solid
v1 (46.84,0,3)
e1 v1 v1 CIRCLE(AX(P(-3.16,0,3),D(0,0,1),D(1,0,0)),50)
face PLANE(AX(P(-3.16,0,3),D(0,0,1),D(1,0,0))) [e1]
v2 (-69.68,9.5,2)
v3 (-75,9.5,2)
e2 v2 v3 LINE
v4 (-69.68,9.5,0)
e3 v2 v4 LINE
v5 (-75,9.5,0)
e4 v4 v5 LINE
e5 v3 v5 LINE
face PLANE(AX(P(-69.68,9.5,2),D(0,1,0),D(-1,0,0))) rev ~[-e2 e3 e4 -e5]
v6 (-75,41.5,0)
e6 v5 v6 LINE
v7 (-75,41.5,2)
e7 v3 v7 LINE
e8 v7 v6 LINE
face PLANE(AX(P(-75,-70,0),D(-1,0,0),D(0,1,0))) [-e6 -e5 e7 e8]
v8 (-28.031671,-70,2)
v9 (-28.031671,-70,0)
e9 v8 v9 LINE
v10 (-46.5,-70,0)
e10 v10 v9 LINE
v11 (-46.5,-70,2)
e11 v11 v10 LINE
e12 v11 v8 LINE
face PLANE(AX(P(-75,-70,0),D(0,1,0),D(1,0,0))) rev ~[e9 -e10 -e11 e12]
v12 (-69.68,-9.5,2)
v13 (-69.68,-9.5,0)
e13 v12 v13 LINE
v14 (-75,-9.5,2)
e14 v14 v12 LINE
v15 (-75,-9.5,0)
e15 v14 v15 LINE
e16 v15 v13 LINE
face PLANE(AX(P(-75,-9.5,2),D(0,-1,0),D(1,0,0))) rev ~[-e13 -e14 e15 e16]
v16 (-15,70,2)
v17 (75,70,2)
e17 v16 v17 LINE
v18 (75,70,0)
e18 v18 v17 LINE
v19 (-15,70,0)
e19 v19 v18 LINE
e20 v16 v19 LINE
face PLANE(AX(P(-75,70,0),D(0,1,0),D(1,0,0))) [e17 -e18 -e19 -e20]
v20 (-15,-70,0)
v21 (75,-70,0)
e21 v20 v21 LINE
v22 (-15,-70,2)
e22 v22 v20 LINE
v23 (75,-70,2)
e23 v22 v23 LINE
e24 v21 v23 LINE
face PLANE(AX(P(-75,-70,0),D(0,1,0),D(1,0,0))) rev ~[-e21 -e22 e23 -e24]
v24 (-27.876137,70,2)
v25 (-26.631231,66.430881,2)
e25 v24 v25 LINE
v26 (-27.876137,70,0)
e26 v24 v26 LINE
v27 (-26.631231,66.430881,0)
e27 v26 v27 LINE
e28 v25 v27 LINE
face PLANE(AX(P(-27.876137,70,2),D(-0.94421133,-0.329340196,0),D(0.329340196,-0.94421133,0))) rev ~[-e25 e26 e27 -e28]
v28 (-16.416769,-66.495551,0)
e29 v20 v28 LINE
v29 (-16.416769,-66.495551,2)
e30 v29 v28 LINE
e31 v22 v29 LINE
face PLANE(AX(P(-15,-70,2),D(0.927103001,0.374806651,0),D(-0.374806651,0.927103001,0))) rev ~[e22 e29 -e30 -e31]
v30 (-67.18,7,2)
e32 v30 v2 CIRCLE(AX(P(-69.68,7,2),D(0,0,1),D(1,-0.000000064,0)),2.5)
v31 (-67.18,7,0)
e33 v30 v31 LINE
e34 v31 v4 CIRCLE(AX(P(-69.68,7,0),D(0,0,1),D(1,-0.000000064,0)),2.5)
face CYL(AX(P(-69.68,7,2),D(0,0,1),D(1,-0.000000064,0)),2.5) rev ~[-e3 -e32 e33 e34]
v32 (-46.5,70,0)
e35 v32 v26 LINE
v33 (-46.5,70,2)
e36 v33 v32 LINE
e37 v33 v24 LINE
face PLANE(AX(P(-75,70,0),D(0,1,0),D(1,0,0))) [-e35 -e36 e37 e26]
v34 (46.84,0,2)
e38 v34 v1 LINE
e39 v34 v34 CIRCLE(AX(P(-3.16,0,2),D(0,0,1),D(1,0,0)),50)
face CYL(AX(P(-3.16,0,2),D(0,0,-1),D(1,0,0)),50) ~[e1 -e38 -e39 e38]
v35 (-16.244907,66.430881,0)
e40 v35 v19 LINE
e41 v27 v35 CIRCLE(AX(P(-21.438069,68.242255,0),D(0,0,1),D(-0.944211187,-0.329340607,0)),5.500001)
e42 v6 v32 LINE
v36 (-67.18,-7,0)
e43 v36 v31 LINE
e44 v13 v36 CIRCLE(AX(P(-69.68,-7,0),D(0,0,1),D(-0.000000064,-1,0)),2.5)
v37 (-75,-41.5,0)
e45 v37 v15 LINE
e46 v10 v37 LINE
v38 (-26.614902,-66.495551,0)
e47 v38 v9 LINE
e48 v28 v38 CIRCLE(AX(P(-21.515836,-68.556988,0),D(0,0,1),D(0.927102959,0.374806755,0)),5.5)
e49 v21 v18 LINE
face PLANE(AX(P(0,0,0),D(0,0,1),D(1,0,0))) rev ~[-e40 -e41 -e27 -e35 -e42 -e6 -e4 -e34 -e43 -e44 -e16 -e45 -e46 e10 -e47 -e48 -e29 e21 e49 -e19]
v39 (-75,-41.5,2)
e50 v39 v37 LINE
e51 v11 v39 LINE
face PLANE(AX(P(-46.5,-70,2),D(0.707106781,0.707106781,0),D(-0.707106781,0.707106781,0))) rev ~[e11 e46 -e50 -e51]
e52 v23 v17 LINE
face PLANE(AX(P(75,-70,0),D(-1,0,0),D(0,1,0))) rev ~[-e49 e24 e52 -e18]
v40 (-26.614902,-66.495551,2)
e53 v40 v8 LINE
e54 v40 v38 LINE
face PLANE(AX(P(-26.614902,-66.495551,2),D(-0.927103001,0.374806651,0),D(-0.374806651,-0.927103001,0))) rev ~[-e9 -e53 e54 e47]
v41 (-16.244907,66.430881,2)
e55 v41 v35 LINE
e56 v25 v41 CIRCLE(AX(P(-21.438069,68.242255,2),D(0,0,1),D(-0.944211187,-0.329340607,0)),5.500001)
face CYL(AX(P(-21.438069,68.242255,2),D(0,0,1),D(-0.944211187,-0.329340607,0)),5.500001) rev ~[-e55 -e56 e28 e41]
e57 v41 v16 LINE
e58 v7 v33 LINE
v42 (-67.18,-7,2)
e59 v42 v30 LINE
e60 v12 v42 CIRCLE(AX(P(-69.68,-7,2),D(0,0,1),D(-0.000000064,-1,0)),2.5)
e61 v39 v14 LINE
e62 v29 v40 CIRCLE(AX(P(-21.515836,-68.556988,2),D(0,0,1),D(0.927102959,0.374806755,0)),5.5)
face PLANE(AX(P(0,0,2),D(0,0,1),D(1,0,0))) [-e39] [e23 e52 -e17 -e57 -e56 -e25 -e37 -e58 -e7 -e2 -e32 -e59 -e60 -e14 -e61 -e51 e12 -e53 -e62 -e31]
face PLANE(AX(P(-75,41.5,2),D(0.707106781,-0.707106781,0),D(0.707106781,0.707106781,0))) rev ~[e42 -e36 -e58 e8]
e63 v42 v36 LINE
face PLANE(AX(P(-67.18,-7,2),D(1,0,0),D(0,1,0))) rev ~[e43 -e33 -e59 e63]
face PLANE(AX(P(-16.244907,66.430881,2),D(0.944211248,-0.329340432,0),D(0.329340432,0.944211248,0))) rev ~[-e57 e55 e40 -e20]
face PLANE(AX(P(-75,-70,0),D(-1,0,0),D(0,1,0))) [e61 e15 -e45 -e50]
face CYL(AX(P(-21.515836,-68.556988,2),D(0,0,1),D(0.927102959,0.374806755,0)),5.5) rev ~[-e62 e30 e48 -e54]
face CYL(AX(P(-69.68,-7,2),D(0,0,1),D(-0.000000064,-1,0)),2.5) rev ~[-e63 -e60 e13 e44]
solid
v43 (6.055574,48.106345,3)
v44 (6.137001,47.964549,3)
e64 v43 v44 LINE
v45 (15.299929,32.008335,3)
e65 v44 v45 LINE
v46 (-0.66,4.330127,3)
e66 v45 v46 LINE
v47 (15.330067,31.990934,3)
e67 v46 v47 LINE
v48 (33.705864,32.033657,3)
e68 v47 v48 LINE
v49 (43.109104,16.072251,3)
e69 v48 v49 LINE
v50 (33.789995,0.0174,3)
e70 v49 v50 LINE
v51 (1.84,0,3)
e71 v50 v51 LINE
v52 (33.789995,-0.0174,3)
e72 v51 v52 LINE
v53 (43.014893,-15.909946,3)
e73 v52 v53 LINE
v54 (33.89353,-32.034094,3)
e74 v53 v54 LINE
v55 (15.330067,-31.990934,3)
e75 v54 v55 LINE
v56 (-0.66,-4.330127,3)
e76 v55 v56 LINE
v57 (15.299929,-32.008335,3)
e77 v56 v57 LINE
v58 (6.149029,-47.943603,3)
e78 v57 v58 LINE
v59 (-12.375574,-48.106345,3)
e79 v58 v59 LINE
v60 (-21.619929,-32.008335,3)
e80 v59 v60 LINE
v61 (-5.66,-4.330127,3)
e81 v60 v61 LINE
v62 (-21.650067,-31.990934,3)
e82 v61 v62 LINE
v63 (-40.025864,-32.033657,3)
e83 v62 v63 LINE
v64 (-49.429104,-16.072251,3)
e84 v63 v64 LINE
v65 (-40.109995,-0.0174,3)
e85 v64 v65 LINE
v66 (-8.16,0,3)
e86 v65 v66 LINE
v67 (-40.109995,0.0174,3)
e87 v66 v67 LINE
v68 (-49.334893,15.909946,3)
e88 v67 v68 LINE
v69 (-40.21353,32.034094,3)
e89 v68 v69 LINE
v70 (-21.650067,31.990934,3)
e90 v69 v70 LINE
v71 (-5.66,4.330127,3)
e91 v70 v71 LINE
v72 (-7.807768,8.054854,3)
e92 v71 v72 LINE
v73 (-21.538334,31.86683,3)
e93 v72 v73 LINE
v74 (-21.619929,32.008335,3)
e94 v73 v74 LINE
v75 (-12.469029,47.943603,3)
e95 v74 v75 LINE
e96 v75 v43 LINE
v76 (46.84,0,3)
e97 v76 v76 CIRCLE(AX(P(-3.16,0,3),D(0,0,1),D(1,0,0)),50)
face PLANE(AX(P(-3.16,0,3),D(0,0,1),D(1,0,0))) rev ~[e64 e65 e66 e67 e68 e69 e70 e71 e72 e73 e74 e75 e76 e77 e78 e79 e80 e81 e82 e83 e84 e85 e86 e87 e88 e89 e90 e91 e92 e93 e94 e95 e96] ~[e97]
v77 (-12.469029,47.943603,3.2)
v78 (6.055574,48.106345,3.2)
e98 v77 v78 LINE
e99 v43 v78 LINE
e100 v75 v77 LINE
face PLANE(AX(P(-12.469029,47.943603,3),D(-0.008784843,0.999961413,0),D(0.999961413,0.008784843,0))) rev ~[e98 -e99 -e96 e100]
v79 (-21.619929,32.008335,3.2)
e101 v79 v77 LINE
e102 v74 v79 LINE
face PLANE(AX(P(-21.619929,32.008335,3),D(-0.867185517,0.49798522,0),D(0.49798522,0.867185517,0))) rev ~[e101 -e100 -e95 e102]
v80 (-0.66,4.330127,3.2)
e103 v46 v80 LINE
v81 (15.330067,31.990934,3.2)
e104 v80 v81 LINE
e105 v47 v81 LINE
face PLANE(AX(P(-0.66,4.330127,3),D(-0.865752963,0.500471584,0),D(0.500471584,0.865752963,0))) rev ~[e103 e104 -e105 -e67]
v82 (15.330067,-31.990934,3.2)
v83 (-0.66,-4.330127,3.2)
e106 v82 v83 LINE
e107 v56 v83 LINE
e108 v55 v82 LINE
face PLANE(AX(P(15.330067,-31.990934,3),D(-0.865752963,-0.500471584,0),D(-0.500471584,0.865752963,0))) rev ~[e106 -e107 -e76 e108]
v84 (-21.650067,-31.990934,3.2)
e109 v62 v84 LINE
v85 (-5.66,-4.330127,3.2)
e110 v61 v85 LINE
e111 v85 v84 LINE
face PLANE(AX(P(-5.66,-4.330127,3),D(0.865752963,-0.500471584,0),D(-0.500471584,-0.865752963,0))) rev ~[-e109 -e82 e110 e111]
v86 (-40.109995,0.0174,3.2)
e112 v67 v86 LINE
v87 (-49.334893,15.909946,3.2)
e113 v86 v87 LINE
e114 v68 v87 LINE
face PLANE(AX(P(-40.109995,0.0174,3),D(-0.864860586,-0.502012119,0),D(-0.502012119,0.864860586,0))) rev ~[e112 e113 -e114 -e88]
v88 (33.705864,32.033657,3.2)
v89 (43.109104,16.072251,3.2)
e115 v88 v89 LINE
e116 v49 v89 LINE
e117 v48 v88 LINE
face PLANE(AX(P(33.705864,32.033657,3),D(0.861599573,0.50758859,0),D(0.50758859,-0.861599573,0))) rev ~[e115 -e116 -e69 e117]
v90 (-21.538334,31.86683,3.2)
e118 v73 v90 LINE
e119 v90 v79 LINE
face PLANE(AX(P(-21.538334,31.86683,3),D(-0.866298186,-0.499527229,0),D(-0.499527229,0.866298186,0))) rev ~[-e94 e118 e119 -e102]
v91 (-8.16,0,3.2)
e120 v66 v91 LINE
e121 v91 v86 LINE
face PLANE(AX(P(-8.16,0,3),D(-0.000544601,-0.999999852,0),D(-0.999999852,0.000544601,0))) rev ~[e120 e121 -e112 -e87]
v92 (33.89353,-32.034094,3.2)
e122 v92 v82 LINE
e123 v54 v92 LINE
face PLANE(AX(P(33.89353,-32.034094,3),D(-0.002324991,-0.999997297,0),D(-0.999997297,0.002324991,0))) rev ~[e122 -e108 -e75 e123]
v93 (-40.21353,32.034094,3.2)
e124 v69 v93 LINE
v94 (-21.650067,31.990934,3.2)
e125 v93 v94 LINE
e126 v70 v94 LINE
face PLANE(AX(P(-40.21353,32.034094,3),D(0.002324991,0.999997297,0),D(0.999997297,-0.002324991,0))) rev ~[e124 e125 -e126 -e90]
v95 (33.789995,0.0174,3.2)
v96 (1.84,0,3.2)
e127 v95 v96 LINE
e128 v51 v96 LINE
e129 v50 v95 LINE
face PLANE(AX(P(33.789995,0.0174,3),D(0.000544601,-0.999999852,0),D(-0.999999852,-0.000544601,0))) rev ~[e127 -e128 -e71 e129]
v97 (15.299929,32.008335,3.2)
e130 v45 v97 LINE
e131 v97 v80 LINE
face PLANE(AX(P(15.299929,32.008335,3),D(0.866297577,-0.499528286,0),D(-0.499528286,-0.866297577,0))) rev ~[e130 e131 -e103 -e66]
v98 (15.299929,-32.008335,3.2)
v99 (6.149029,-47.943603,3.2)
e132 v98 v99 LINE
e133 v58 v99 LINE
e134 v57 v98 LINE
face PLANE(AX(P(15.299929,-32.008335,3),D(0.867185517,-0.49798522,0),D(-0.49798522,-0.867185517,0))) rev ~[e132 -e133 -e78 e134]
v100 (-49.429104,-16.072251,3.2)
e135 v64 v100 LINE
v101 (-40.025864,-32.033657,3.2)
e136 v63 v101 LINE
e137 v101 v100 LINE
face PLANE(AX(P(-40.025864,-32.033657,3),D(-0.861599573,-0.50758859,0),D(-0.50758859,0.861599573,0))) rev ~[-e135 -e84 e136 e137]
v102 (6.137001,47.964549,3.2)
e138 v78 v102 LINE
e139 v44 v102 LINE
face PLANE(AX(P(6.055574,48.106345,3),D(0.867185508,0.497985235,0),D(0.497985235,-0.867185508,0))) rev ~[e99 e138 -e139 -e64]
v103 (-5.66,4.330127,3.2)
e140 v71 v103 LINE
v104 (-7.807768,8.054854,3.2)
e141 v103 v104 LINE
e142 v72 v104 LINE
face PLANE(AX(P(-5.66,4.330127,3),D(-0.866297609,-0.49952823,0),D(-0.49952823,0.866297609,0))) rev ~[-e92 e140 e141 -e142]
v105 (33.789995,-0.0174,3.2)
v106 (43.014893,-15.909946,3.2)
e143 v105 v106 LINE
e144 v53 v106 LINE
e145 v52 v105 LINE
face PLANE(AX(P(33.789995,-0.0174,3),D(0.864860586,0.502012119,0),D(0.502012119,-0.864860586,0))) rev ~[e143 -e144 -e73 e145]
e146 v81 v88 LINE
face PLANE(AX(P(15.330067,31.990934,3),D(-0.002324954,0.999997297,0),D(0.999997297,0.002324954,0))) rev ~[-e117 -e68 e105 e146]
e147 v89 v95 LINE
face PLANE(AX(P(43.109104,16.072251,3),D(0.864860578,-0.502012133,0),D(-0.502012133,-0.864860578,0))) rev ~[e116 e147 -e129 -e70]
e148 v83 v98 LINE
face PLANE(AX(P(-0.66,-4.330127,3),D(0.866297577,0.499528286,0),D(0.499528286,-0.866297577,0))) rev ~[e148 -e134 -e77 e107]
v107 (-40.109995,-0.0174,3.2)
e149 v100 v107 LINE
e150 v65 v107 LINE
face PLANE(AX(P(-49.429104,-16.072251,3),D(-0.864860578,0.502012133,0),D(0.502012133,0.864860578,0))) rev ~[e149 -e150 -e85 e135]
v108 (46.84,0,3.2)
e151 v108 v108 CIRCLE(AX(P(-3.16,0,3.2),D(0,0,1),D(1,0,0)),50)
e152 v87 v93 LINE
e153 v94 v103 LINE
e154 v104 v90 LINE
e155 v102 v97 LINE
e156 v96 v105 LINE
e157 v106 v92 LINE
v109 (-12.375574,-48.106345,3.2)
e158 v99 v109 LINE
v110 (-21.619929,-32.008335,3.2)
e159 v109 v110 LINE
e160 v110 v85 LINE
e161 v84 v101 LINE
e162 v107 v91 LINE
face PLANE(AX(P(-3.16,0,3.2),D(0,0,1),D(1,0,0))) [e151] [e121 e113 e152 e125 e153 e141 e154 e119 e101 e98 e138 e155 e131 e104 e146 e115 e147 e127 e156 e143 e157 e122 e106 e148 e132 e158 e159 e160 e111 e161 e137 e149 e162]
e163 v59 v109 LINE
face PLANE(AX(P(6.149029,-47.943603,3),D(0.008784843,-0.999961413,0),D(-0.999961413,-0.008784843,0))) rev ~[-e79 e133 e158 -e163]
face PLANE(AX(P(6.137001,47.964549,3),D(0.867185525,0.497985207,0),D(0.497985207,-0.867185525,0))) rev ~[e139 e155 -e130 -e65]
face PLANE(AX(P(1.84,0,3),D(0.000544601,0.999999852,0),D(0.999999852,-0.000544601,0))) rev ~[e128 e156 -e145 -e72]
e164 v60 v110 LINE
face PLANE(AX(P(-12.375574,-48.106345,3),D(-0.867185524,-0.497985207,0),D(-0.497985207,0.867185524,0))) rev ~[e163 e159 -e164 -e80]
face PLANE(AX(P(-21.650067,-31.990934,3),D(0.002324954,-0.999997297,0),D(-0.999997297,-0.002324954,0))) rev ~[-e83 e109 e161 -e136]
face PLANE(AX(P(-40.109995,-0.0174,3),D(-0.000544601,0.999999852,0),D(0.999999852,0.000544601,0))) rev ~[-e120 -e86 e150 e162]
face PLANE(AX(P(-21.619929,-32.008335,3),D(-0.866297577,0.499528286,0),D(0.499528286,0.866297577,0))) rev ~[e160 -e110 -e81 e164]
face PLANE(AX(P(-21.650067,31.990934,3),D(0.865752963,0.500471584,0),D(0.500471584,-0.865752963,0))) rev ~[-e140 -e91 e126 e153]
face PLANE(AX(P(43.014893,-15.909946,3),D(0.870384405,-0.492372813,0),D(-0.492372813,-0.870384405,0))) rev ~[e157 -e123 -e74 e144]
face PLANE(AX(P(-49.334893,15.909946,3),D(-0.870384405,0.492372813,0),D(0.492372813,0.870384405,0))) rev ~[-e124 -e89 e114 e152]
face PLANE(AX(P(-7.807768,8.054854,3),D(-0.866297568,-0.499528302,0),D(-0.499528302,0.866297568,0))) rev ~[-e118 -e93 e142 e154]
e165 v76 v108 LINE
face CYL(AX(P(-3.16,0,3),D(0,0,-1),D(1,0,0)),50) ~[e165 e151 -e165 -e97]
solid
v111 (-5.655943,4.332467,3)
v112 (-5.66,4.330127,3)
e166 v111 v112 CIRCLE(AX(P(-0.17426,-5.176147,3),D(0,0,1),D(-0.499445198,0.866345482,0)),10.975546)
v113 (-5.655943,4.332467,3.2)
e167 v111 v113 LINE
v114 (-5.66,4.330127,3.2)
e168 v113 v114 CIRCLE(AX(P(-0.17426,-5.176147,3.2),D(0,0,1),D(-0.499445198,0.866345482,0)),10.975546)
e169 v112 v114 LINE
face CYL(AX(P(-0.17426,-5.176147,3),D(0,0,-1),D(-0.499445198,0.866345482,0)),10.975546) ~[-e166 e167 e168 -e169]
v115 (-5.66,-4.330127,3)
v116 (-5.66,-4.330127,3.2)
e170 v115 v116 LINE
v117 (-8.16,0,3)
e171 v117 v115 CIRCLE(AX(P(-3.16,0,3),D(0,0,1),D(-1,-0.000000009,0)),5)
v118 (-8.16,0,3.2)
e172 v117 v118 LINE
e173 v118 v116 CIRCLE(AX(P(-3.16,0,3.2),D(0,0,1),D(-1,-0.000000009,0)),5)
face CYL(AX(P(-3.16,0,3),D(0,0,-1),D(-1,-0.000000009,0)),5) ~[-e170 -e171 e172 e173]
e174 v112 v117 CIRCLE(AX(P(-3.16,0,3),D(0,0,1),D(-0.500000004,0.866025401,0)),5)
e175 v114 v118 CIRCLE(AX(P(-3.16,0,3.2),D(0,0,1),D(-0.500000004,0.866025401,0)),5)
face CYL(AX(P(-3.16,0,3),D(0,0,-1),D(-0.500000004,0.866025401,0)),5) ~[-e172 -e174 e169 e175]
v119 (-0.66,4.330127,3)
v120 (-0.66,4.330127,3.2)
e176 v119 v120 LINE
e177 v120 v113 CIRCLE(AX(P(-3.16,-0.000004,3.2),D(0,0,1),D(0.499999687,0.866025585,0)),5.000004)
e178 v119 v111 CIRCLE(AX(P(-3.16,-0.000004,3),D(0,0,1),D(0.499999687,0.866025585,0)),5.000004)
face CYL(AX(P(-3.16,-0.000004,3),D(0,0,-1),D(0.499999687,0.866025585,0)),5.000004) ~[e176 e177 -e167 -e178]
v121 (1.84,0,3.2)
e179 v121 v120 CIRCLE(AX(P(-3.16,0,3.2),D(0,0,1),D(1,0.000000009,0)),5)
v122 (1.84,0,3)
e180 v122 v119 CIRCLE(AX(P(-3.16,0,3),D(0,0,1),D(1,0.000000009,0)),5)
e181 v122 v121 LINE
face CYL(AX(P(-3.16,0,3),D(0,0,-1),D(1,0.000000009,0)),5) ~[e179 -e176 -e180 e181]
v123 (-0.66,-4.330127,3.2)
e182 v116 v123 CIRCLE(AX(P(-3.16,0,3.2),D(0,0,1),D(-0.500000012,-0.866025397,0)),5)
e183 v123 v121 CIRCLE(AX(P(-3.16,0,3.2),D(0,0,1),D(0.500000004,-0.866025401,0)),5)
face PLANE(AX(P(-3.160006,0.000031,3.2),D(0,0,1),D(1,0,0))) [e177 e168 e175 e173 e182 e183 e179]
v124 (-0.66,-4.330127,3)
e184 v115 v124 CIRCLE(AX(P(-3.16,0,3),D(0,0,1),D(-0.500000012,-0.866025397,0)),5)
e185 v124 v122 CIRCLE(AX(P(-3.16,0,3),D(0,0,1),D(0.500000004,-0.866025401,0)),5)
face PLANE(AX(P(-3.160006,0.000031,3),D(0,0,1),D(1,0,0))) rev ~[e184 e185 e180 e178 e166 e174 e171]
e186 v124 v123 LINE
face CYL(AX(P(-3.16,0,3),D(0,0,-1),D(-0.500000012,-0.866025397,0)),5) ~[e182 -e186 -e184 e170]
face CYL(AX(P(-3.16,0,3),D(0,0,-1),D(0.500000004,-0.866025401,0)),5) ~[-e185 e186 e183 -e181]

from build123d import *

# Parameters (mm, degrees)
F0_W      = 150
F0_H      = 140
F1_DEPTH  = 2
F3_DEPTH  = 2.001
F5_DEPTH  = 2.001
F7_DEPTH  = 2.001
F8_R      = 50
F9_DEPTH  = 1
F10_R     = 50
F11_DEPTH = 0.2


with BuildPart() as f1:
    # F0 (on Top) → F1 (new body)
    with BuildSketch(Plane.XY):
        Rectangle(F0_W, F0_H)
    extrude(amount=F1_DEPTH)

    # F2 (on face) → F3 (cut, through all)
    with BuildSketch(Plane.XY.offset(2)):
        Polygon((-75, 70), (-75, 41.5), (-46.5, 70), align=None)
        Polygon((-46.5, -70), (-75, -41.5), (-75, -70), align=None)
    extrude(amount=-F3_DEPTH, mode=Mode.SUBTRACT)

    # F4 (on face) → F5 (cut, through all)
    with BuildSketch(Plane.XY.offset(2)):
        with BuildLine():
            Line((-69.68, 9.5), (-75, 9.5))
            Line((-75, 9.5), (-75, -9.5))
            Line((-75, -9.5), (-69.68, -9.5))
            ThreePointArc((-69.68, -9.5), (-67.912233, -8.767767), (-67.18, -7))
            Line((-67.18, -7), (-67.18, 7))
            ThreePointArc((-67.18, 7), (-67.912233, 8.767767), (-69.68, 9.5))
        make_face()
    extrude(amount=-F5_DEPTH, mode=Mode.SUBTRACT)

    # F6 (on face) → F7 (cut, through all)
    with BuildSketch(Plane.XY.offset(2)):
        with BuildLine():
            Line((-28.031671, -70), (-15, -70))
            Line((-15, -70), (-16.416769, -66.495551))
            ThreePointArc((-16.416769, -66.495551), (-21.515836, -63.056988), (-26.614902, -66.495551))
            Line((-26.614902, -66.495551), (-28.031671, -70))
        make_face()
        with BuildLine():
            Line((-27.876137, 70), (-26.631231, 66.430881))
            ThreePointArc((-26.631231, 66.430881), (-21.438069, 62.742254), (-16.244907, 66.430881))
            Line((-16.244907, 66.430881), (-15, 70))
            Line((-15, 70), (-27.876137, 70))
        make_face()
    extrude(amount=-F7_DEPTH, mode=Mode.SUBTRACT)

    # F8 (on face) → F9 (join)
    with BuildSketch(Plane.XY.offset(2)):
        with Locations((-3.16, 0)):
            Circle(F8_R)
    extrude(amount=F9_DEPTH)


with BuildPart() as f11:
    # F10 (on face) → F11 (new body)
    with BuildSketch(Plane.XY.offset(3)):
        with Locations((-3.16, 0)):
            Circle(F10_R)
        Polygon((33.789995, 0.0174), (1.84, 0), (33.789995, -0.0174), (43.014893, -15.909946), (33.89353, -32.034094), (15.330067, -31.990934), (-0.66, -4.330127), (15.299929, -32.008335), (6.149029, -47.943603), (-12.375574, -48.106345), (-21.619929, -32.008335), (-5.66, -4.330127), (-21.650067, -31.990934), (-40.025864, -32.033657), (-49.429104, -16.072251), (-40.109995, -0.0174), (-8.16, 0), (-40.109995, 0.0174), (-49.334893, 15.909946), (-40.21353, 32.034094), (-21.650067, 31.990934), (-5.66, 4.330127), (-7.807768, 8.054854), (-21.538334, 31.86683), (-21.619929, 32.008335), (-12.469029, 47.943603), (6.055574, 48.106345), (6.137001, 47.964549), (15.299929, 32.008335), (-0.66, 4.330127), (15.330067, 31.990934), (33.705864, 32.033657), (43.109104, 16.072251), align=None, mode=Mode.SUBTRACT)
        with BuildLine():
            ThreePointArc((-0.66, -4.330127), (1.170127, -2.5), (1.84, 0))
            ThreePointArc((1.84, 0), (1.170127, 2.5), (-0.66, 4.330127))
            ThreePointArc((-0.66, 4.330127), (-3.157658, 4.999999), (-5.655943, 4.332467))
            ThreePointArc((-5.655943, 4.332467), (-5.657972, 4.331297), (-5.66, 4.330127))
            ThreePointArc((-5.66, 4.330127), (-7.490127, 2.5), (-8.16, 0))
            ThreePointArc((-8.16, 0), (-7.490127, -2.5), (-5.66, -4.330127))
            ThreePointArc((-5.66, -4.330127), (-3.16, -5), (-0.66, -4.330127))
        make_face()
    extrude(amount=F11_DEPTH)


solid = Compound([f1.part, f11.part])
